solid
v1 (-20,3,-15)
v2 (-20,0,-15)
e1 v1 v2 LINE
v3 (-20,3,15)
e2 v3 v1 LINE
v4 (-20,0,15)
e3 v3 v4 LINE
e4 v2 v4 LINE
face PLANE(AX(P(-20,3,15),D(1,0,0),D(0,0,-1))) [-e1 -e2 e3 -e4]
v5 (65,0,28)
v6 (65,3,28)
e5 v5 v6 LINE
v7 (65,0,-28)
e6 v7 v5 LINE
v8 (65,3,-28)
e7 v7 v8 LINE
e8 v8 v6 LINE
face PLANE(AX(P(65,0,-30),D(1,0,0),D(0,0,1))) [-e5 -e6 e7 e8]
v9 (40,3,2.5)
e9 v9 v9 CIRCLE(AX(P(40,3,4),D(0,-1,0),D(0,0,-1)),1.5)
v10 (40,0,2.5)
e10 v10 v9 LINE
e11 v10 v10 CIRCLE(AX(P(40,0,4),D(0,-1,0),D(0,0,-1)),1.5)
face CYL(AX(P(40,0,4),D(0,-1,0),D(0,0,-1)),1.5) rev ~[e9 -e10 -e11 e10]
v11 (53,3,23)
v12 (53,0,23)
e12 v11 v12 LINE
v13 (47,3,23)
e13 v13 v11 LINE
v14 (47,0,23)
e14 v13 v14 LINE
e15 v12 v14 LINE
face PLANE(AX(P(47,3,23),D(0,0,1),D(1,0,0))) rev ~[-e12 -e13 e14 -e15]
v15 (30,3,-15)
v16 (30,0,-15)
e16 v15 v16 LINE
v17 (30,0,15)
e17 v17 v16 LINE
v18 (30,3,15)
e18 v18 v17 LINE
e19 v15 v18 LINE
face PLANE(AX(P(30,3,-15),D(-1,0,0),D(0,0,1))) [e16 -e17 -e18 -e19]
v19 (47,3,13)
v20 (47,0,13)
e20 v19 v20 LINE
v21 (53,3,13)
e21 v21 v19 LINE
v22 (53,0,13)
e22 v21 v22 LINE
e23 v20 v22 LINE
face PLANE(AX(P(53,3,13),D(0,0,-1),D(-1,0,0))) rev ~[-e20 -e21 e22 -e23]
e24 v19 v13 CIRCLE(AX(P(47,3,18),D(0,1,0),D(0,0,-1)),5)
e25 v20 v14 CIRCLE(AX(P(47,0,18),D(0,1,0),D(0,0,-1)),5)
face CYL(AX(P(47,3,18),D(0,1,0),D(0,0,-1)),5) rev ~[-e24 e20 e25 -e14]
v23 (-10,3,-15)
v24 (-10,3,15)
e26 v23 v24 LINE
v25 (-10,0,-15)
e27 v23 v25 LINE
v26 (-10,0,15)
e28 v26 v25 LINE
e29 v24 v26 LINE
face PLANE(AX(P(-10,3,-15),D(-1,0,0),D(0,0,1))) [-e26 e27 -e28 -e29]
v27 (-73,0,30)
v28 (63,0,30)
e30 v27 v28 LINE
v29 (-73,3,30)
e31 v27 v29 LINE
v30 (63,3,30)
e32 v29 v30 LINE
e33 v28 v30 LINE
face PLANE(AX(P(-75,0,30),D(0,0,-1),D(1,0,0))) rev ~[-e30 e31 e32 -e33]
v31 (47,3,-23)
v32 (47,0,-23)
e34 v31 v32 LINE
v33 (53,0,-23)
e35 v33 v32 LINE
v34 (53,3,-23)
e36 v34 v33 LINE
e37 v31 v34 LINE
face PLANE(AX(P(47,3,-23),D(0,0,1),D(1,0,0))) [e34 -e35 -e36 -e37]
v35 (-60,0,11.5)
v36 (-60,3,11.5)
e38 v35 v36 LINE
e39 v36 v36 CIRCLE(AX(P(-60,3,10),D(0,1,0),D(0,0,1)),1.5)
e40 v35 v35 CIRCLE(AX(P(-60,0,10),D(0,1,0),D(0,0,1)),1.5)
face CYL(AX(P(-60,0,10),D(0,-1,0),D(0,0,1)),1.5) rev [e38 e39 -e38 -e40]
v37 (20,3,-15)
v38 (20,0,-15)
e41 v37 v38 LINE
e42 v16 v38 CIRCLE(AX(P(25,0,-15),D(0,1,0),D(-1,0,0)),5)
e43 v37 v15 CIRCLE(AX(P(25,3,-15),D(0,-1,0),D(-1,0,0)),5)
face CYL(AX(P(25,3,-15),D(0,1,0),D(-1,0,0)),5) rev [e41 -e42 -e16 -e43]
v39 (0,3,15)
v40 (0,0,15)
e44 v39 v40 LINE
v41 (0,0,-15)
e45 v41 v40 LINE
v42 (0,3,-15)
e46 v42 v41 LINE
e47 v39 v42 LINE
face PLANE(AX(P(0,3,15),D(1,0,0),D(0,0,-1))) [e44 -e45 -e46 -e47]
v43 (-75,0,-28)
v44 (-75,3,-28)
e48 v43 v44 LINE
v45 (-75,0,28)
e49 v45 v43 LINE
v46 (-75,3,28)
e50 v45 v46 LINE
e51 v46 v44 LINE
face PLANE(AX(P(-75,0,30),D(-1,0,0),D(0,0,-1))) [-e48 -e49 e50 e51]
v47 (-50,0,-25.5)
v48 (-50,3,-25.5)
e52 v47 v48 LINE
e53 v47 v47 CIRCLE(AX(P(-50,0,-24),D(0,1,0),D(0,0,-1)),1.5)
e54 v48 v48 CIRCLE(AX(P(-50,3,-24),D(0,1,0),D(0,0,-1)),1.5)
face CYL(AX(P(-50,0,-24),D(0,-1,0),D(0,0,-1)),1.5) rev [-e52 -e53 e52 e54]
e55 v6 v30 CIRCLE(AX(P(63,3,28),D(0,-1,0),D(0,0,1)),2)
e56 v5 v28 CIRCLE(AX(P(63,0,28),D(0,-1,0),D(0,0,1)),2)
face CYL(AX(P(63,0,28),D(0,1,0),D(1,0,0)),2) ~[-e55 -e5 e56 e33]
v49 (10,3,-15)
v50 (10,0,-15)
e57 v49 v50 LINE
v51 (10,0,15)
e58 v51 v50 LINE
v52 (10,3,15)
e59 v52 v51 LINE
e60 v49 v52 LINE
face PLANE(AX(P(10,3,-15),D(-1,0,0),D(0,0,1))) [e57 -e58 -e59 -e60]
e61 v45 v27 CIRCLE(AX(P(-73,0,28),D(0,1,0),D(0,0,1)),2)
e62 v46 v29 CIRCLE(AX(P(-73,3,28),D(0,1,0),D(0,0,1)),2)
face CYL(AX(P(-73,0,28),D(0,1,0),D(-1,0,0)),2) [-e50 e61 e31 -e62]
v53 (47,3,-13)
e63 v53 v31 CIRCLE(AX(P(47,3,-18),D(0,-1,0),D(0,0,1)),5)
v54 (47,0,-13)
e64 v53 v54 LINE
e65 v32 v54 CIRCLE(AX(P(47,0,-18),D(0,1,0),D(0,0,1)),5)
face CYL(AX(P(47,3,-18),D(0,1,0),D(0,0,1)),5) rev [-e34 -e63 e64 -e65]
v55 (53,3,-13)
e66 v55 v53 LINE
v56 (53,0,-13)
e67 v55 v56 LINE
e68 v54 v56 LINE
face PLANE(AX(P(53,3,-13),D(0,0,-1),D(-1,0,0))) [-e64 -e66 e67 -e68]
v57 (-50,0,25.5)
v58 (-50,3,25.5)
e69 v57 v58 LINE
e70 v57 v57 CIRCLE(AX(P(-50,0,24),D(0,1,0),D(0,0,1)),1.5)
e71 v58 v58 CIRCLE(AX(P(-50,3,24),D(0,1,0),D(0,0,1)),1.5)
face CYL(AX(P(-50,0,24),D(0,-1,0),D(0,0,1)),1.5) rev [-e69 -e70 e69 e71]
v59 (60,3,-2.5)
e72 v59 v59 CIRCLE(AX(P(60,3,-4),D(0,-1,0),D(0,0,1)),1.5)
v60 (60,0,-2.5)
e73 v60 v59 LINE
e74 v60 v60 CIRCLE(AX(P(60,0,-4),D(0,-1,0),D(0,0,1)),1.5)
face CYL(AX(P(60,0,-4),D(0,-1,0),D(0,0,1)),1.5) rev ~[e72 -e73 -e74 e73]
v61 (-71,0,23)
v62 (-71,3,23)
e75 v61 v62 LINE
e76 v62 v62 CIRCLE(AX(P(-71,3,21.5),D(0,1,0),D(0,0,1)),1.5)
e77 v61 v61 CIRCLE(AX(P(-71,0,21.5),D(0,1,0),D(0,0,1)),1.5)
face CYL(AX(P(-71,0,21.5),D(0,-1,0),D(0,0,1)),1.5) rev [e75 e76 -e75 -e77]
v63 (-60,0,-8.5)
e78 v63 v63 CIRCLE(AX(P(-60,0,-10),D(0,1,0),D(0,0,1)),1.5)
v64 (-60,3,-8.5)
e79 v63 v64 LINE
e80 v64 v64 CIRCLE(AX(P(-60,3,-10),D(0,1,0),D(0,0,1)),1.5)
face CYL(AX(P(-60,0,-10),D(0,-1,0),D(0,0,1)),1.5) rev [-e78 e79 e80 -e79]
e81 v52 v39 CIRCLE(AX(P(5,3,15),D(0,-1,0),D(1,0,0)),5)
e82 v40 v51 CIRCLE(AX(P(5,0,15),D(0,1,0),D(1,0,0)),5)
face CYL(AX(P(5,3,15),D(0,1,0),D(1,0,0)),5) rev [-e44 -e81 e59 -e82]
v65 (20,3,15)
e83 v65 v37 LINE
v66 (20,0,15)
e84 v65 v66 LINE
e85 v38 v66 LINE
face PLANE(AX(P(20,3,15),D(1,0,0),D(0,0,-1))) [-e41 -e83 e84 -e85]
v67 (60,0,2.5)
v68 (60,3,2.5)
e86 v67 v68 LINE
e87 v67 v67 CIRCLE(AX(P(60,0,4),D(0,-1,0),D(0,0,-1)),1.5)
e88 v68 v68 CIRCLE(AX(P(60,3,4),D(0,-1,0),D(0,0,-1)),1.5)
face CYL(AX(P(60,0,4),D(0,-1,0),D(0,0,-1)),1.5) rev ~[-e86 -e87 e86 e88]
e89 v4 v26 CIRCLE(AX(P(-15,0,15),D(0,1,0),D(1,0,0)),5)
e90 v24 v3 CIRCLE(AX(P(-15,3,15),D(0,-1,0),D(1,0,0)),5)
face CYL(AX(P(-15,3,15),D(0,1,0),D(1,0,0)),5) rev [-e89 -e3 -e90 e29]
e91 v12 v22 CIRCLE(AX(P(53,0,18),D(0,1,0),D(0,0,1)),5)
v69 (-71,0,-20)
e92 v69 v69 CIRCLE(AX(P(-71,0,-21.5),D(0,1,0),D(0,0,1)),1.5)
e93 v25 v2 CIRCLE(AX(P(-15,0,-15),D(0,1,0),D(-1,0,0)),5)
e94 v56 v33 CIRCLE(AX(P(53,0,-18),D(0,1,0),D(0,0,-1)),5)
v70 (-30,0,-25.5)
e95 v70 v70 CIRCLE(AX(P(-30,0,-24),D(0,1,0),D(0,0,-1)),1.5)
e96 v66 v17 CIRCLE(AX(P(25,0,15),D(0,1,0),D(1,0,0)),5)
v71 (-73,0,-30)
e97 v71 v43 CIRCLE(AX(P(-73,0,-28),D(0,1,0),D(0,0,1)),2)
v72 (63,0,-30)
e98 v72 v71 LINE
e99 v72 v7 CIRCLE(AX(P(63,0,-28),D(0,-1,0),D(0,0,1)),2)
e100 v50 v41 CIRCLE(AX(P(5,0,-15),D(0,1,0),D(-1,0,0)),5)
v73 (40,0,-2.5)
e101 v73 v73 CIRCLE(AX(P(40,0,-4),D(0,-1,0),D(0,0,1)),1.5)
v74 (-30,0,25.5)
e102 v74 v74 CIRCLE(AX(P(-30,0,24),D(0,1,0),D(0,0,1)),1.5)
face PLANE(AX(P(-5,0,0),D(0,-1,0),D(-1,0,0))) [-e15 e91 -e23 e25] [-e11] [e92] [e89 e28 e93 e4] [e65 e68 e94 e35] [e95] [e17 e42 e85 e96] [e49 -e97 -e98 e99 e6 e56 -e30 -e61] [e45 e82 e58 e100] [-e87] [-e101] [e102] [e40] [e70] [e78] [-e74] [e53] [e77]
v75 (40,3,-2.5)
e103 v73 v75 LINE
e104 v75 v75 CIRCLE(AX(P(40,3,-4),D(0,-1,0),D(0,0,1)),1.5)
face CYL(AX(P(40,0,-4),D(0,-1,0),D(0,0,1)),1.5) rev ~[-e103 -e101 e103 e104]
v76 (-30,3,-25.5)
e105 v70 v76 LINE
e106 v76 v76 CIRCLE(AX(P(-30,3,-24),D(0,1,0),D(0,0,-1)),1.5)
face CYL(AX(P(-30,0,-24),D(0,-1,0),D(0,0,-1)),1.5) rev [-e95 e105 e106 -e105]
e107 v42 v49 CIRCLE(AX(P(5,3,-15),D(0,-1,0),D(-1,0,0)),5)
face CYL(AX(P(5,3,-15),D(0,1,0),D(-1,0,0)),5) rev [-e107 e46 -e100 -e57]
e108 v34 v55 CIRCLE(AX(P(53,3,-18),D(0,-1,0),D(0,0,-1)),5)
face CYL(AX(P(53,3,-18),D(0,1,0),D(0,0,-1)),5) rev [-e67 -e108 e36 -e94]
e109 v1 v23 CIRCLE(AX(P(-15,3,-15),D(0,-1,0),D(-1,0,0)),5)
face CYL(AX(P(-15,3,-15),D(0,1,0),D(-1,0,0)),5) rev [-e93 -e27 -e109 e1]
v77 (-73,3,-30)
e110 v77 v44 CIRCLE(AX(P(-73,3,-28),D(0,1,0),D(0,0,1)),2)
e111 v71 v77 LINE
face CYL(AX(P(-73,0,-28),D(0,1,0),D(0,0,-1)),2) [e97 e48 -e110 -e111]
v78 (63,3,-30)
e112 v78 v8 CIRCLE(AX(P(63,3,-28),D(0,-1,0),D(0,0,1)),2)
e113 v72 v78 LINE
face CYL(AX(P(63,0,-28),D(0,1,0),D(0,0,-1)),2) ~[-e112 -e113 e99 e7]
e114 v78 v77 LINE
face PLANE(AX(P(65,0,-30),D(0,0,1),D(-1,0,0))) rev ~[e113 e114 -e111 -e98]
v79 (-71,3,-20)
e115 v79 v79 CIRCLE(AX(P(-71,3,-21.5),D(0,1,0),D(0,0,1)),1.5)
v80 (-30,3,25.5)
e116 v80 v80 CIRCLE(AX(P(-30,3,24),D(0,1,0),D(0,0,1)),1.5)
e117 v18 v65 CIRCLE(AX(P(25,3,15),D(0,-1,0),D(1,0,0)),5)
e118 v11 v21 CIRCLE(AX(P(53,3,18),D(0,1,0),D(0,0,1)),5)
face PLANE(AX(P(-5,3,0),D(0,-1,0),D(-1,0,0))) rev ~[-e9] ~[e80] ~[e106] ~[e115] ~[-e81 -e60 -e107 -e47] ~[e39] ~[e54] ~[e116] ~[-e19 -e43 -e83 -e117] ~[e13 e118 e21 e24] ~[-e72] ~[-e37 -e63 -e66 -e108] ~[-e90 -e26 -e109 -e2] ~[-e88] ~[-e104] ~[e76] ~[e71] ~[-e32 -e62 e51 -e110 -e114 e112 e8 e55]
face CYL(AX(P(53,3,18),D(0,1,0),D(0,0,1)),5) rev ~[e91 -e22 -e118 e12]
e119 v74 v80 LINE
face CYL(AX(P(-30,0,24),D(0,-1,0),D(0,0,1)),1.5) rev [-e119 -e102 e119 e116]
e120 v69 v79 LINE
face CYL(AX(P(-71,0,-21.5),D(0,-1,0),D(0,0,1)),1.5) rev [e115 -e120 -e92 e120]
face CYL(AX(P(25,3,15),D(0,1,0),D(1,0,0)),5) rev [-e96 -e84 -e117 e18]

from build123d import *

# Parameters (mm, degrees)
SKETCH_1_R          = 1.5
EXTRUDE_1_DEPTH     = 3
SKETCH_3_R          = 1.5
CUT_EXTRUDE_1_DEPTH = 81.833161512
CUT_EXTRUDE_2_DEPTH = 81.833161512
FILLET_1_R          = 2


with BuildPart() as part:
    # 草图1 → 凸台-拉伸1 (new body)
    with BuildSketch(Plane(origin=(0, 0, 0), x_dir=(1, 0, 0), z_dir=(0, 1, 0))):
        Polygon((-65, 30), (65, 30), (65, -30), (-65, -30), (-75, -30), (-75, 30), align=None)
        with Locations(Location((-60, 10, 0), (0, 0, 270))):
            Circle(SKETCH_1_R, mode=Mode.SUBTRACT)
        with Locations(Location((-60, -10, 0), (0, 0, 270))):
            Circle(SKETCH_1_R, mode=Mode.SUBTRACT)
        with Locations(Location((-50, -24, 0), (0, 0, 270))):
            Circle(SKETCH_1_R, mode=Mode.SUBTRACT)
        with Locations(Location((-30, -24, 0), (0, 0, 270))):
            Circle(SKETCH_1_R, mode=Mode.SUBTRACT)
        with Locations(Location((-30, 24, 0), (0, 0, 90))):
            Circle(SKETCH_1_R, mode=Mode.SUBTRACT)
        with Locations(Location((-50, 24, 0), (0, 0, 90))):
            Circle(SKETCH_1_R, mode=Mode.SUBTRACT)
        with Locations(Location((-71, 21.5, 0), (0, 0, 270))):
            Circle(SKETCH_1_R, mode=Mode.SUBTRACT)
        with Locations(Location((-71, -21.5, 0), (0, 0, 270))):
            Circle(SKETCH_1_R, mode=Mode.SUBTRACT)
    extrude(amount=EXTRUDE_1_DEPTH)

    # 草图3 → 切除-拉伸1 (cut, through all)
    with BuildSketch(Plane.XZ):
        with Locations(Location((40, 4, 0), (0, 0, 270))):
            Circle(SKETCH_3_R)
        with Locations(Location((60, 4, 0), (0, 0, 270))):
            Circle(SKETCH_3_R)
        with Locations(Location((60, -4, 0), (0, 0, 90))):
            Circle(SKETCH_3_R)
        with Locations(Location((40, -4, 0), (0, 0, 90))):
            Circle(SKETCH_3_R)
    extrude(amount=-CUT_EXTRUDE_1_DEPTH, mode=Mode.SUBTRACT)

    # 草图4 → 切除-拉伸2 (cut, through all)
    with BuildSketch(Plane(origin=(0, 3, 0), x_dir=(1, 0, 0), z_dir=(0, 1, 0))):
        with BuildLine():
            Line((-10, 15), (-10, -15))
            ThreePointArc((-10, -15), (-15, -20), (-20, -15))
            Line((-20, -15), (-20, 15))
            ThreePointArc((-20, 15), (-15, 20), (-10, 15))
        make_face()
        with BuildLine():
            Line((10, 15), (10, -15))
            ThreePointArc((10, -15), (5, -20), (0, -15))
            Line((0, -15), (0, 15))
            ThreePointArc((0, 15), (5, 20), (10, 15))
        make_face()
        with BuildLine():
            Line((30, 15), (30, -15))
            ThreePointArc((30, -15), (25, -20), (20, -15))
            Line((20, -15), (20, 15))
            ThreePointArc((20, 15), (25, 20), (30, 15))
        make_face()
        with BuildLine():
            Line((47, 23), (53, 23))
            ThreePointArc((53, 23), (58, 18), (53, 13))
            Line((53, 13), (47, 13))
            ThreePointArc((47, 13), (42, 18), (47, 23))
        make_face()
        with BuildLine():
            Line((47, -23), (53, -23))
            ThreePointArc((53, -23), (58, -18), (53, -13))
            Line((53, -13), (47, -13))
            ThreePointArc((47, -13), (42, -18), (47, -23))
        make_face()
    extrude(amount=-CUT_EXTRUDE_2_DEPTH, mode=Mode.SUBTRACT)

    # 圆角1
    fillet_1_edges = [part.edges().sort_by_distance(p)[0] for p in [
        (65, 1.5, 30),
        (-75, 1.5, 30),
        (-75, 1.5, -30),
        (65, 1.5, -30),
    ]]
    fillet(fillet_1_edges, radius=FILLET_1_R)


solid = part.part
